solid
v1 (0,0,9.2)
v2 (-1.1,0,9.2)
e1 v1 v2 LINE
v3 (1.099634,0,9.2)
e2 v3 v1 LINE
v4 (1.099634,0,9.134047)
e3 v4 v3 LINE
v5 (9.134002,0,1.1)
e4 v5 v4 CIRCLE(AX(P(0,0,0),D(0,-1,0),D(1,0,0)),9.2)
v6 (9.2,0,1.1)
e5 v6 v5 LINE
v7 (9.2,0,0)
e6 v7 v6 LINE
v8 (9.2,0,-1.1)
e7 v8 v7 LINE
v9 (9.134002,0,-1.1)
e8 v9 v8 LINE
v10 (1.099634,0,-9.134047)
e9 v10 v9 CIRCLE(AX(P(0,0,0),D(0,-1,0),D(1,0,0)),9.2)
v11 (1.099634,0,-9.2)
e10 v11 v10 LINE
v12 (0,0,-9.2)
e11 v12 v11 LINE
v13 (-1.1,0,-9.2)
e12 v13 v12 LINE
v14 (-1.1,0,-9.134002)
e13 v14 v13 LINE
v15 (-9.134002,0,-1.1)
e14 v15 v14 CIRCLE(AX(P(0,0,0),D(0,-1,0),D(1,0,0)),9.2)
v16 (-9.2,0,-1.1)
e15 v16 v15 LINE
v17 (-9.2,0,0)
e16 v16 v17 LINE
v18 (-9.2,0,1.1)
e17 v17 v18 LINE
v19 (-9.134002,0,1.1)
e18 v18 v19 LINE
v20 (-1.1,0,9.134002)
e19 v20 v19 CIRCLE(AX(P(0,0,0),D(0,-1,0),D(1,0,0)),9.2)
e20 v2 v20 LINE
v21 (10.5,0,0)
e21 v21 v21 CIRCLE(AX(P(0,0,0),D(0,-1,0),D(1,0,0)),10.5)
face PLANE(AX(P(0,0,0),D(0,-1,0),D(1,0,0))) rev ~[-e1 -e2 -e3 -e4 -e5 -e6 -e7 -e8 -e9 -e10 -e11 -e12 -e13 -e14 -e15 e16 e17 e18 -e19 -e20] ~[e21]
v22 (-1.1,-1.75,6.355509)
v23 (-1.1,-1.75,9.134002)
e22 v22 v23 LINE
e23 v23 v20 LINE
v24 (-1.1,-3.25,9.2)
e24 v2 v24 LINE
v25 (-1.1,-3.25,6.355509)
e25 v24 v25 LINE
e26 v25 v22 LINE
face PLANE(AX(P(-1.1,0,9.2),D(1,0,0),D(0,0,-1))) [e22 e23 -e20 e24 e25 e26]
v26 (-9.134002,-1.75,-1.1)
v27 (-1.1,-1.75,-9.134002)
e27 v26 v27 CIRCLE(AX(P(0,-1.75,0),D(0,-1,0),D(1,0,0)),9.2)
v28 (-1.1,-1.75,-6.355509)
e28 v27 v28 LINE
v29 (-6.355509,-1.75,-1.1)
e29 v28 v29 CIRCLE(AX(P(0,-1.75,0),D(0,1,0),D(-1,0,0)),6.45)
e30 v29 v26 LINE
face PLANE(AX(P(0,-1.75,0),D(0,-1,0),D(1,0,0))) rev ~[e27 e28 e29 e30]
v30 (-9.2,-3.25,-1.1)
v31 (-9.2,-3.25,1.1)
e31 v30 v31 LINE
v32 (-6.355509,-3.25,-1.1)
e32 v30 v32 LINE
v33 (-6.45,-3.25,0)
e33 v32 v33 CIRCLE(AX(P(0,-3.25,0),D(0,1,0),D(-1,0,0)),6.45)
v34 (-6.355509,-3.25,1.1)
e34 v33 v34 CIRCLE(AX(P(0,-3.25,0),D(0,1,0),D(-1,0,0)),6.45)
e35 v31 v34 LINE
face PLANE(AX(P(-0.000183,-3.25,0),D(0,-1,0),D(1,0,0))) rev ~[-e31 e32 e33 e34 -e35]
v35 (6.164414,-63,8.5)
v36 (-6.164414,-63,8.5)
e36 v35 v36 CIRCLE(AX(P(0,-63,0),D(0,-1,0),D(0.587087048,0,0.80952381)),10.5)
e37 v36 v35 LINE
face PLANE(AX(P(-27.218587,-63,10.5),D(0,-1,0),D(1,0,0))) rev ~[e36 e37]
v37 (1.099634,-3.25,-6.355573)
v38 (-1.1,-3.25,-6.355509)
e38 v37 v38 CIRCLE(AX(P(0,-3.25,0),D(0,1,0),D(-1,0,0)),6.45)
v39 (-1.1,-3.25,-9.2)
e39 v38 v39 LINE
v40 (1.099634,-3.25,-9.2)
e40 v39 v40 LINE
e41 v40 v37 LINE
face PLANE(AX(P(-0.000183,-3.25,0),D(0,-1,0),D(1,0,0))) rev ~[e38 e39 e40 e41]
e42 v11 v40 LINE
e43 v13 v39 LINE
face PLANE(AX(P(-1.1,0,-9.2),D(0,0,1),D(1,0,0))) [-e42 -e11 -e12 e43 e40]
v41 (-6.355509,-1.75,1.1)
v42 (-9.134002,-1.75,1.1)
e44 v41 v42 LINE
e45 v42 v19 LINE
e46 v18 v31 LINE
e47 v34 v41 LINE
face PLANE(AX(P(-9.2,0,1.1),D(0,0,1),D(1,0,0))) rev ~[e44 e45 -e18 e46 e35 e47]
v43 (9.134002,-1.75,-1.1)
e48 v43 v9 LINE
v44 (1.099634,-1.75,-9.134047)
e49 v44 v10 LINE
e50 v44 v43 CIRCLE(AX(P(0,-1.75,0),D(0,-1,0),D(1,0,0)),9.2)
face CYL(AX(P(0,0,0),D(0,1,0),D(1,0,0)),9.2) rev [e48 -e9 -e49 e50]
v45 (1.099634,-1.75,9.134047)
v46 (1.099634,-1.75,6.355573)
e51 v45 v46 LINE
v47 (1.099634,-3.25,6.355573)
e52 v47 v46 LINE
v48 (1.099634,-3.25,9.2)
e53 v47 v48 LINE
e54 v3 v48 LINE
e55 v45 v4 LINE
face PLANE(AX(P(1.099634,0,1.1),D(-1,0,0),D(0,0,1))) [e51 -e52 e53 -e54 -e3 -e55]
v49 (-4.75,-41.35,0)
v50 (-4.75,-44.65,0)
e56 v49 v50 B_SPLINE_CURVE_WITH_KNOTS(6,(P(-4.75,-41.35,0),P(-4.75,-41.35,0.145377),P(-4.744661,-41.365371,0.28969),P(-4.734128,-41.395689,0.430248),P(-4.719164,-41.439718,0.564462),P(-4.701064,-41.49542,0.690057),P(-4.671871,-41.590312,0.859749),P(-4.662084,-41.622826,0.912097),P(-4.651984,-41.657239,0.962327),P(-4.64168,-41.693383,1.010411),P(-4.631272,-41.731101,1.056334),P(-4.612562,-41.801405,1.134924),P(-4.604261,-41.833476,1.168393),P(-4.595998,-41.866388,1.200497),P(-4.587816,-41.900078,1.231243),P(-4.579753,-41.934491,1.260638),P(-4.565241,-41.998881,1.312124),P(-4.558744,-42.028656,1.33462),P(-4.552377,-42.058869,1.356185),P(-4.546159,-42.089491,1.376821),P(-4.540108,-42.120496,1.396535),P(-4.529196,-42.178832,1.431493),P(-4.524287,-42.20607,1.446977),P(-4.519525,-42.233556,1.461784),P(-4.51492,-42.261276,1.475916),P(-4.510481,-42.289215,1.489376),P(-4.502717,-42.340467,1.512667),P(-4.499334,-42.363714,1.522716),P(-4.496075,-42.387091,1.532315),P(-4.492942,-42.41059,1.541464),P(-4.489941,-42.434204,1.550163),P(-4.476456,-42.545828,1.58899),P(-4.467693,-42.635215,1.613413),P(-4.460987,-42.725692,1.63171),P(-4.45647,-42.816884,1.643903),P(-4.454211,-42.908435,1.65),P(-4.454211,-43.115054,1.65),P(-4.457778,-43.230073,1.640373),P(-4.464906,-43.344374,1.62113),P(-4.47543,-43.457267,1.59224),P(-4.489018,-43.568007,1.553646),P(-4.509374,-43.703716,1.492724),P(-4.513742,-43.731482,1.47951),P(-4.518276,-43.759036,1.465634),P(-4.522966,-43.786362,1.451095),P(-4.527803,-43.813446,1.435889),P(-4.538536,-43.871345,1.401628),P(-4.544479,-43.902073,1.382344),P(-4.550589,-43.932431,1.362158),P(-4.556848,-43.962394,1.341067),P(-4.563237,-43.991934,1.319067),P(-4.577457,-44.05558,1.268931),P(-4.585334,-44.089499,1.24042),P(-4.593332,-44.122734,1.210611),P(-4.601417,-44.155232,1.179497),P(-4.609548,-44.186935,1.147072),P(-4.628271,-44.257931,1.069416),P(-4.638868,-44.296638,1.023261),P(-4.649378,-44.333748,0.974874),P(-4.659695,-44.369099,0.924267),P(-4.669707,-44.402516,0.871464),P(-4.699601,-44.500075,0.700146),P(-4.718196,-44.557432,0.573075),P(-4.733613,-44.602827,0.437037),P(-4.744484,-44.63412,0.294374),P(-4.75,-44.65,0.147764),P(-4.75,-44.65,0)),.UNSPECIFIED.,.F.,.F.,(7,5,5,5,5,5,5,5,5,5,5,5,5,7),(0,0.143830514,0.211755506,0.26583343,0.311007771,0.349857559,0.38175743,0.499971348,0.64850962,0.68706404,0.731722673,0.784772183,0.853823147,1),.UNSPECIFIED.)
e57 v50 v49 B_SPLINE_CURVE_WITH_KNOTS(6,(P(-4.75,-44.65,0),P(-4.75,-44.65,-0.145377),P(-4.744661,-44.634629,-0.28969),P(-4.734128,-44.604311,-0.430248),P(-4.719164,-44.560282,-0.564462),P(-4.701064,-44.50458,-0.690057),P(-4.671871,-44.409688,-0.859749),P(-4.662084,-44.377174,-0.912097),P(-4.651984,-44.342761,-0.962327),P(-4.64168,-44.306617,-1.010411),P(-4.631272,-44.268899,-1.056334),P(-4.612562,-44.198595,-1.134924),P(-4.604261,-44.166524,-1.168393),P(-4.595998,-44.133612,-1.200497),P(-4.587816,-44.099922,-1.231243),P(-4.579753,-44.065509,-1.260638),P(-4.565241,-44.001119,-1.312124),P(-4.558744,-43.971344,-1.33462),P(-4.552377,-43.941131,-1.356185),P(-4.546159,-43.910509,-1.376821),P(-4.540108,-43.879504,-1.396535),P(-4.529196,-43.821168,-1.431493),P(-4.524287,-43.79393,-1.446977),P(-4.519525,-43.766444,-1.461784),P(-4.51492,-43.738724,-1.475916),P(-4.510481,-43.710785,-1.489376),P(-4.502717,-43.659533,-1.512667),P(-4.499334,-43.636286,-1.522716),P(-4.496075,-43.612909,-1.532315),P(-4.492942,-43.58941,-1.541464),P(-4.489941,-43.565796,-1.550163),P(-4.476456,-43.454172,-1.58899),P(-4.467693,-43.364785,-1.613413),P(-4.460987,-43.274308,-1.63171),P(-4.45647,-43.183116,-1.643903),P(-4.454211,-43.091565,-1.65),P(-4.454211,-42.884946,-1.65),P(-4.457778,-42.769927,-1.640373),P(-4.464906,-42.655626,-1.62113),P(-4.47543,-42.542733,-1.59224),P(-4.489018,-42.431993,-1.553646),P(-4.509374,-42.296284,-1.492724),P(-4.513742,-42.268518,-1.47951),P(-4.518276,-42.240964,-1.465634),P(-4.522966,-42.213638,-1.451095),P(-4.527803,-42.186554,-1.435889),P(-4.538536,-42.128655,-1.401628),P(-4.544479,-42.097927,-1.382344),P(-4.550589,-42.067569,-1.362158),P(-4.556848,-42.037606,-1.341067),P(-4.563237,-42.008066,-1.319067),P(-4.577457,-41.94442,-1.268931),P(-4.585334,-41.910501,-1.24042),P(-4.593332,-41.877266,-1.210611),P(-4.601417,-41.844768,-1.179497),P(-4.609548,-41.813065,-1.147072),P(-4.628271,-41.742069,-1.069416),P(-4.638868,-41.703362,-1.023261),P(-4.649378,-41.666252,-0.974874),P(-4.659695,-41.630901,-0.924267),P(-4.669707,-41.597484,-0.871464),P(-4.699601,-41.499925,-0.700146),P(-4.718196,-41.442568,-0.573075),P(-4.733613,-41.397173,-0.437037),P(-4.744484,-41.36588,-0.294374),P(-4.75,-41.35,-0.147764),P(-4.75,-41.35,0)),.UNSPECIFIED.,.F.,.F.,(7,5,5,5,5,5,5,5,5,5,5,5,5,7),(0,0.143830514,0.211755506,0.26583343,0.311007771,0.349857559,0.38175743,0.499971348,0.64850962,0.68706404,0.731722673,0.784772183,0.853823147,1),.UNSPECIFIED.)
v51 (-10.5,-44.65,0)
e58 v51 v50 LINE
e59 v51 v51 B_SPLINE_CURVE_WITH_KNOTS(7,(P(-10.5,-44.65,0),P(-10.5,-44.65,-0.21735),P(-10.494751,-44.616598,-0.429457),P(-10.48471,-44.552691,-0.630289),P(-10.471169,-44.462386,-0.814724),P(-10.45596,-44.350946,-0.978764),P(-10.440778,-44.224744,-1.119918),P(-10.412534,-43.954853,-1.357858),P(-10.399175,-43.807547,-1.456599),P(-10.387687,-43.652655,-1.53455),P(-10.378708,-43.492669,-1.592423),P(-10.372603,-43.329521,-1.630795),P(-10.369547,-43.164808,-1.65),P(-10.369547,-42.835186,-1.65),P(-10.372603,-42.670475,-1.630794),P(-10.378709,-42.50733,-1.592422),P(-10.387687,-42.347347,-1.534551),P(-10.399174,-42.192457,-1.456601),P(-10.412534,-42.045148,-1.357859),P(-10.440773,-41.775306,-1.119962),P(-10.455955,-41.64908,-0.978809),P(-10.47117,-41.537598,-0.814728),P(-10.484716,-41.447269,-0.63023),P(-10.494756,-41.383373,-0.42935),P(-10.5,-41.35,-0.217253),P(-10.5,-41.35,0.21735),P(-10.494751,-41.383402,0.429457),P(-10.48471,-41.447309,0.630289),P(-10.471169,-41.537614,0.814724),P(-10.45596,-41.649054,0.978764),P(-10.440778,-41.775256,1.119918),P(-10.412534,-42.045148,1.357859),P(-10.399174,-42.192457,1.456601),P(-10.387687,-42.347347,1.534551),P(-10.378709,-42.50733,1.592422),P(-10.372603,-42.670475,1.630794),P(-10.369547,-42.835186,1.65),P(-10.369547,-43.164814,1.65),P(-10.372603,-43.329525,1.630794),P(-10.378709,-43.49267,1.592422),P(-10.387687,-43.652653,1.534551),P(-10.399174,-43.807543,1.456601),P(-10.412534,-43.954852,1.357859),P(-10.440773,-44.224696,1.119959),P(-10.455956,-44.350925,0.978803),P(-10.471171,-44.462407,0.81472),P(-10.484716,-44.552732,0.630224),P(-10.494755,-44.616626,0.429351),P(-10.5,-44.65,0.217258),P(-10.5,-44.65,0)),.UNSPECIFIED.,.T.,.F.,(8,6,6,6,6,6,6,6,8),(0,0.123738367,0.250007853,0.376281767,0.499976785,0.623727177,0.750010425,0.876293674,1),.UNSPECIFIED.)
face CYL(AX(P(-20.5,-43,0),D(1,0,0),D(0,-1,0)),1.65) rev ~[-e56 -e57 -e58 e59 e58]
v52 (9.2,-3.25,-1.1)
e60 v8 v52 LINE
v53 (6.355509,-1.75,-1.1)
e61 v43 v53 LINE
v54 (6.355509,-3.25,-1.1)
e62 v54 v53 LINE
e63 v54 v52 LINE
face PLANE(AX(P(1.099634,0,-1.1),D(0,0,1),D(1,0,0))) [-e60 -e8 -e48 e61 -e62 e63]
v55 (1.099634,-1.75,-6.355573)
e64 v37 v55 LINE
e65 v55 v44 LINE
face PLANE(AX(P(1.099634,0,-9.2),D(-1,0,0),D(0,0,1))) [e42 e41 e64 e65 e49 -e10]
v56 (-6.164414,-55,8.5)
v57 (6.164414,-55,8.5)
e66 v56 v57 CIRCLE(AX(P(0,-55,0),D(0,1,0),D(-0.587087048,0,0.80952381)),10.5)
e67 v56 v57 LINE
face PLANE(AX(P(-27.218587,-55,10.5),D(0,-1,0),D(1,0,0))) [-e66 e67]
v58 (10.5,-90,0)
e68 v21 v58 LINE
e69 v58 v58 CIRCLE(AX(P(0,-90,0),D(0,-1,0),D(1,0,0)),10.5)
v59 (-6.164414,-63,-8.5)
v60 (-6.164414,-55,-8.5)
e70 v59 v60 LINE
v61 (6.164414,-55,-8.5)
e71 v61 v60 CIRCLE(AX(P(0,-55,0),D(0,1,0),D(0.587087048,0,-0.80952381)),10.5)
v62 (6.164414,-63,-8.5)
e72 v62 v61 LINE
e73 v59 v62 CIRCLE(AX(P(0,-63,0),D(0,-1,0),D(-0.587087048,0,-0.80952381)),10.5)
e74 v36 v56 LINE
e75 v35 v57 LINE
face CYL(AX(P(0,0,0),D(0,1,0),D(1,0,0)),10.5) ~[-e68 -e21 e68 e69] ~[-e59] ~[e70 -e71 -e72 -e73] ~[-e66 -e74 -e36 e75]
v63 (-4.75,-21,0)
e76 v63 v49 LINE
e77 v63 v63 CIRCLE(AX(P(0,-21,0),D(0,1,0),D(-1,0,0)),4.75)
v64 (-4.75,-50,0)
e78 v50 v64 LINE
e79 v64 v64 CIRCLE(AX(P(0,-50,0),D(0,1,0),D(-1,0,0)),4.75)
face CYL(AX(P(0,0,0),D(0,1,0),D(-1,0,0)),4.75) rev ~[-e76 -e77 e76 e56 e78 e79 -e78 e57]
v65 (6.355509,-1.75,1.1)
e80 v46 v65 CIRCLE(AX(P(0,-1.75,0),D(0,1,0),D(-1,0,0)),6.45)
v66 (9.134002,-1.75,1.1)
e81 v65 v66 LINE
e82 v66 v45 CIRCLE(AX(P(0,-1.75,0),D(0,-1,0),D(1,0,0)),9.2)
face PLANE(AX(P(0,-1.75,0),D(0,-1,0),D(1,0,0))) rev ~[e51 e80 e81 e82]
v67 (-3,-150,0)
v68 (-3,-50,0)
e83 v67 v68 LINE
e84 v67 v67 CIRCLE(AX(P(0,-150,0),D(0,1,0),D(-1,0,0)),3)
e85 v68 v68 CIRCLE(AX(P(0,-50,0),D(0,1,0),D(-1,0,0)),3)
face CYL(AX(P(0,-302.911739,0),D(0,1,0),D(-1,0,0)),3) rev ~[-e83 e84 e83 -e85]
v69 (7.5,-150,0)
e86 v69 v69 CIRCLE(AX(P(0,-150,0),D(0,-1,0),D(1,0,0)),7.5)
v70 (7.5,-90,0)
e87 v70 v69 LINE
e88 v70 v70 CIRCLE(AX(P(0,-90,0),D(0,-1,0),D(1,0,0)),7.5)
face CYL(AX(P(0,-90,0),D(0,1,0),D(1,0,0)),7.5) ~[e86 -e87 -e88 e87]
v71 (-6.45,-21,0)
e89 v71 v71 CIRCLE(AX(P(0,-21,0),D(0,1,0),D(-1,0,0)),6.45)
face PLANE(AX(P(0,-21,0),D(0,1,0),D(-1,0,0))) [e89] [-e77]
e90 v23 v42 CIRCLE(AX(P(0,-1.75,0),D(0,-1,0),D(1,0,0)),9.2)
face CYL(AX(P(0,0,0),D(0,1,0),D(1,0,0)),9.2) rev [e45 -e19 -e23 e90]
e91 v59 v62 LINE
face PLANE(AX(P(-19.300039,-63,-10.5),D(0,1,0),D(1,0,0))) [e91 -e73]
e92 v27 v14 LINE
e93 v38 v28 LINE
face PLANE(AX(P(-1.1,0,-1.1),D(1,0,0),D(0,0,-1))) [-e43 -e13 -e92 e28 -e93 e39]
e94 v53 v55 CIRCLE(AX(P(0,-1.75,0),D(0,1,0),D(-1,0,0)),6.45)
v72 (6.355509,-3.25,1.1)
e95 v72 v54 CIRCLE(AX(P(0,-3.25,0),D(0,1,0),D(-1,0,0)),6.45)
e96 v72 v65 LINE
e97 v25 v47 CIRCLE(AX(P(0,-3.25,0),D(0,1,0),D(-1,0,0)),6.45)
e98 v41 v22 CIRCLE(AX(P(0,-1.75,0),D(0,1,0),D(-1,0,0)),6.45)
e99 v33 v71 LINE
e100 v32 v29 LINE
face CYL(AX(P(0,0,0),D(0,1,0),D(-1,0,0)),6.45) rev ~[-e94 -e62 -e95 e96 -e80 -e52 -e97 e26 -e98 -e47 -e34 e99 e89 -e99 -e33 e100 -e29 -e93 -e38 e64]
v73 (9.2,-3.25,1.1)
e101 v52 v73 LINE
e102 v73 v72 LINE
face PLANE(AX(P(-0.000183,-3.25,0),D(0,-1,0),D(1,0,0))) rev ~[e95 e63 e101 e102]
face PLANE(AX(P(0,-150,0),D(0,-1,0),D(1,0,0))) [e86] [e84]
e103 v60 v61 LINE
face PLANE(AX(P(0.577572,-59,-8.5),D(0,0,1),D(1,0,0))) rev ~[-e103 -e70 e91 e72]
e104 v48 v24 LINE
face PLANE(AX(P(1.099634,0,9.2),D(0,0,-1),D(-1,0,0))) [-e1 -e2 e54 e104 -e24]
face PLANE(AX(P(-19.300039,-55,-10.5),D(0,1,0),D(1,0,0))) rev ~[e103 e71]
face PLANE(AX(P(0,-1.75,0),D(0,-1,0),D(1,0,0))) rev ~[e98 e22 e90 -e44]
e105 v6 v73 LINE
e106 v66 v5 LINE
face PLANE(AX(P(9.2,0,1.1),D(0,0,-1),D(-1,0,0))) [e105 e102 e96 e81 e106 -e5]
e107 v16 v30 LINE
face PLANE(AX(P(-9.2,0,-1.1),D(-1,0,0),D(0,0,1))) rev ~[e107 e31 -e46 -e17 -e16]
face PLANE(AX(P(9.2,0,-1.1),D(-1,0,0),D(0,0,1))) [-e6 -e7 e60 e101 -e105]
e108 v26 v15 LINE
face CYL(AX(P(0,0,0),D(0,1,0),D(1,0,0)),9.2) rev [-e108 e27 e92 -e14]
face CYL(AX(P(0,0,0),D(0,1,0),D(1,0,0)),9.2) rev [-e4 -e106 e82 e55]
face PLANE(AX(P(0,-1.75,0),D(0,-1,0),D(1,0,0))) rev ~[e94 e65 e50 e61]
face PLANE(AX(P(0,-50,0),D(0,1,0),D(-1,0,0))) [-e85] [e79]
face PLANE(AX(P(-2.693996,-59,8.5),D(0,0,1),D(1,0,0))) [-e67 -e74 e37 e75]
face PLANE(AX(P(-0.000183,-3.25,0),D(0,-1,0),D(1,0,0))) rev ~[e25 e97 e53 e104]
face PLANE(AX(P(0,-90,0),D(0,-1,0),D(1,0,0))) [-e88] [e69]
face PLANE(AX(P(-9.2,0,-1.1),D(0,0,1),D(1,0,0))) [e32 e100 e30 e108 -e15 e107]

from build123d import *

# Parameters (mm, degrees)
F0_R      = 10.5
F1_DEPTH  = 90
F2_R      = 7.5
F3_DEPTH  = 60
F5_D      = 6
F6_R      = 4.75
F6_R_2    = 3
F7_DEPTH  = 50
F8_R      = 6.45
F9_DEPTH  = 21
F10_R     = 9.2
F11_DEPTH = 1.75
F12_W     = 8.1
F12_H     = 2.2
F13_DEPTH = 3.25
F15_W     = 49.0491833104
F15_H     = 8
F16_DEPTH = 2
F18_W     = 39.7552206603
F18_H     = 8
F19_DEPTH = 2
F22_D     = 3.3
F22_DEPTH = 10
F22_TIP   = 0.9914200214


with BuildPart() as f1:
    # F0 (on Front) → F1 (new body)
    with BuildSketch(Plane.XZ):
        Circle(F0_R)
    extrude(amount=F1_DEPTH)

    # F2 (on face) → F3 (join)
    with BuildSketch(Plane.XZ.offset(90)):
        Circle(F2_R)
    extrude(amount=F3_DEPTH)

    # F5 (through all)
    with Locations(Plane.XZ.offset(150)):
        with Locations((0, 0)):
            Hole(F5_D / 2)

    # F6 (on face) → F7 (cut)
    with BuildSketch(Plane(origin=(0, 0, 0), x_dir=(-1, 0, 0), z_dir=(0, 1, 0))):
        Circle(F6_R)
        Circle(F6_R_2, mode=Mode.SUBTRACT)
    extrude(amount=-F7_DEPTH, mode=Mode.SUBTRACT)

    # F8 (on face) → F9 (cut)
    with BuildSketch(Plane(origin=(0, 0, 0), x_dir=(-1, 0, 0), z_dir=(0, 1, 0))):
        Circle(F8_R)
    extrude(amount=-F9_DEPTH, mode=Mode.SUBTRACT)

    # F10 (on Front) → F11 (cut)
    with BuildSketch(Plane.XZ):
        Circle(F10_R)
    extrude(amount=F11_DEPTH, mode=Mode.SUBTRACT)

    # F12 (on Front) → F13 (cut)
    with BuildSketch(Plane.XZ):
        Polygon((1.0996337654, -1.1), (1.0996337654, 0), (1.0996337654, 1.1), (0, 1.1), (-1.1, 1.1), (-1.1, -1.1), (0, -1.1), align=None)
        Polygon((1.0996337654, 1.1), (1.0996337654, 0), (1.0996337654, -1.1), (9.2, -1.1), (9.2, 1.1), align=None)
        Polygon((0, 1.1), (1.0996337654, 1.1), (1.0996337654, 9.2), (-1.1, 9.2), (-1.1, 1.1), align=None)
        Polygon((1.0996337654, -9.2), (1.0996337654, -1.1), (0, -1.1), (-1.1, -1.1), (-1.1, -9.2), align=None)
        with Locations((-5.15, 0)):
            Rectangle(F12_W, F12_H)
    extrude(amount=F13_DEPTH, mode=Mode.SUBTRACT)

    # F15 (on offset) → F16 (cut)
    with BuildSketch(Plane.XY.offset(10.5)):
        with Locations((-2.6939958334, -59)):
            Rectangle(F15_W, F15_H)
    extrude(amount=-F16_DEPTH, mode=Mode.SUBTRACT)

    # F18 (on offset) → F19 (cut)
    with BuildSketch(Plane.XY.offset(-10.5)):
        with Locations((0.5775718018, -59)):
            Rectangle(F18_W, F18_H)
    extrude(amount=F19_DEPTH, mode=Mode.SUBTRACT)

    # F22
    with Locations(Plane(origin=(-10.5, 0, 0), x_dir=(0, 1, 0), z_dir=(-1, 0, 0))):
        with Locations((-43, 0)):
            Hole(F22_D / 2, depth=F22_DEPTH)
            with Locations((0, 0, -(F22_DEPTH + F22_TIP / 2))):  # 118° drill point
                Cone(0, F22_D / 2, F22_TIP, mode=Mode.SUBTRACT)


solid = f1.part
